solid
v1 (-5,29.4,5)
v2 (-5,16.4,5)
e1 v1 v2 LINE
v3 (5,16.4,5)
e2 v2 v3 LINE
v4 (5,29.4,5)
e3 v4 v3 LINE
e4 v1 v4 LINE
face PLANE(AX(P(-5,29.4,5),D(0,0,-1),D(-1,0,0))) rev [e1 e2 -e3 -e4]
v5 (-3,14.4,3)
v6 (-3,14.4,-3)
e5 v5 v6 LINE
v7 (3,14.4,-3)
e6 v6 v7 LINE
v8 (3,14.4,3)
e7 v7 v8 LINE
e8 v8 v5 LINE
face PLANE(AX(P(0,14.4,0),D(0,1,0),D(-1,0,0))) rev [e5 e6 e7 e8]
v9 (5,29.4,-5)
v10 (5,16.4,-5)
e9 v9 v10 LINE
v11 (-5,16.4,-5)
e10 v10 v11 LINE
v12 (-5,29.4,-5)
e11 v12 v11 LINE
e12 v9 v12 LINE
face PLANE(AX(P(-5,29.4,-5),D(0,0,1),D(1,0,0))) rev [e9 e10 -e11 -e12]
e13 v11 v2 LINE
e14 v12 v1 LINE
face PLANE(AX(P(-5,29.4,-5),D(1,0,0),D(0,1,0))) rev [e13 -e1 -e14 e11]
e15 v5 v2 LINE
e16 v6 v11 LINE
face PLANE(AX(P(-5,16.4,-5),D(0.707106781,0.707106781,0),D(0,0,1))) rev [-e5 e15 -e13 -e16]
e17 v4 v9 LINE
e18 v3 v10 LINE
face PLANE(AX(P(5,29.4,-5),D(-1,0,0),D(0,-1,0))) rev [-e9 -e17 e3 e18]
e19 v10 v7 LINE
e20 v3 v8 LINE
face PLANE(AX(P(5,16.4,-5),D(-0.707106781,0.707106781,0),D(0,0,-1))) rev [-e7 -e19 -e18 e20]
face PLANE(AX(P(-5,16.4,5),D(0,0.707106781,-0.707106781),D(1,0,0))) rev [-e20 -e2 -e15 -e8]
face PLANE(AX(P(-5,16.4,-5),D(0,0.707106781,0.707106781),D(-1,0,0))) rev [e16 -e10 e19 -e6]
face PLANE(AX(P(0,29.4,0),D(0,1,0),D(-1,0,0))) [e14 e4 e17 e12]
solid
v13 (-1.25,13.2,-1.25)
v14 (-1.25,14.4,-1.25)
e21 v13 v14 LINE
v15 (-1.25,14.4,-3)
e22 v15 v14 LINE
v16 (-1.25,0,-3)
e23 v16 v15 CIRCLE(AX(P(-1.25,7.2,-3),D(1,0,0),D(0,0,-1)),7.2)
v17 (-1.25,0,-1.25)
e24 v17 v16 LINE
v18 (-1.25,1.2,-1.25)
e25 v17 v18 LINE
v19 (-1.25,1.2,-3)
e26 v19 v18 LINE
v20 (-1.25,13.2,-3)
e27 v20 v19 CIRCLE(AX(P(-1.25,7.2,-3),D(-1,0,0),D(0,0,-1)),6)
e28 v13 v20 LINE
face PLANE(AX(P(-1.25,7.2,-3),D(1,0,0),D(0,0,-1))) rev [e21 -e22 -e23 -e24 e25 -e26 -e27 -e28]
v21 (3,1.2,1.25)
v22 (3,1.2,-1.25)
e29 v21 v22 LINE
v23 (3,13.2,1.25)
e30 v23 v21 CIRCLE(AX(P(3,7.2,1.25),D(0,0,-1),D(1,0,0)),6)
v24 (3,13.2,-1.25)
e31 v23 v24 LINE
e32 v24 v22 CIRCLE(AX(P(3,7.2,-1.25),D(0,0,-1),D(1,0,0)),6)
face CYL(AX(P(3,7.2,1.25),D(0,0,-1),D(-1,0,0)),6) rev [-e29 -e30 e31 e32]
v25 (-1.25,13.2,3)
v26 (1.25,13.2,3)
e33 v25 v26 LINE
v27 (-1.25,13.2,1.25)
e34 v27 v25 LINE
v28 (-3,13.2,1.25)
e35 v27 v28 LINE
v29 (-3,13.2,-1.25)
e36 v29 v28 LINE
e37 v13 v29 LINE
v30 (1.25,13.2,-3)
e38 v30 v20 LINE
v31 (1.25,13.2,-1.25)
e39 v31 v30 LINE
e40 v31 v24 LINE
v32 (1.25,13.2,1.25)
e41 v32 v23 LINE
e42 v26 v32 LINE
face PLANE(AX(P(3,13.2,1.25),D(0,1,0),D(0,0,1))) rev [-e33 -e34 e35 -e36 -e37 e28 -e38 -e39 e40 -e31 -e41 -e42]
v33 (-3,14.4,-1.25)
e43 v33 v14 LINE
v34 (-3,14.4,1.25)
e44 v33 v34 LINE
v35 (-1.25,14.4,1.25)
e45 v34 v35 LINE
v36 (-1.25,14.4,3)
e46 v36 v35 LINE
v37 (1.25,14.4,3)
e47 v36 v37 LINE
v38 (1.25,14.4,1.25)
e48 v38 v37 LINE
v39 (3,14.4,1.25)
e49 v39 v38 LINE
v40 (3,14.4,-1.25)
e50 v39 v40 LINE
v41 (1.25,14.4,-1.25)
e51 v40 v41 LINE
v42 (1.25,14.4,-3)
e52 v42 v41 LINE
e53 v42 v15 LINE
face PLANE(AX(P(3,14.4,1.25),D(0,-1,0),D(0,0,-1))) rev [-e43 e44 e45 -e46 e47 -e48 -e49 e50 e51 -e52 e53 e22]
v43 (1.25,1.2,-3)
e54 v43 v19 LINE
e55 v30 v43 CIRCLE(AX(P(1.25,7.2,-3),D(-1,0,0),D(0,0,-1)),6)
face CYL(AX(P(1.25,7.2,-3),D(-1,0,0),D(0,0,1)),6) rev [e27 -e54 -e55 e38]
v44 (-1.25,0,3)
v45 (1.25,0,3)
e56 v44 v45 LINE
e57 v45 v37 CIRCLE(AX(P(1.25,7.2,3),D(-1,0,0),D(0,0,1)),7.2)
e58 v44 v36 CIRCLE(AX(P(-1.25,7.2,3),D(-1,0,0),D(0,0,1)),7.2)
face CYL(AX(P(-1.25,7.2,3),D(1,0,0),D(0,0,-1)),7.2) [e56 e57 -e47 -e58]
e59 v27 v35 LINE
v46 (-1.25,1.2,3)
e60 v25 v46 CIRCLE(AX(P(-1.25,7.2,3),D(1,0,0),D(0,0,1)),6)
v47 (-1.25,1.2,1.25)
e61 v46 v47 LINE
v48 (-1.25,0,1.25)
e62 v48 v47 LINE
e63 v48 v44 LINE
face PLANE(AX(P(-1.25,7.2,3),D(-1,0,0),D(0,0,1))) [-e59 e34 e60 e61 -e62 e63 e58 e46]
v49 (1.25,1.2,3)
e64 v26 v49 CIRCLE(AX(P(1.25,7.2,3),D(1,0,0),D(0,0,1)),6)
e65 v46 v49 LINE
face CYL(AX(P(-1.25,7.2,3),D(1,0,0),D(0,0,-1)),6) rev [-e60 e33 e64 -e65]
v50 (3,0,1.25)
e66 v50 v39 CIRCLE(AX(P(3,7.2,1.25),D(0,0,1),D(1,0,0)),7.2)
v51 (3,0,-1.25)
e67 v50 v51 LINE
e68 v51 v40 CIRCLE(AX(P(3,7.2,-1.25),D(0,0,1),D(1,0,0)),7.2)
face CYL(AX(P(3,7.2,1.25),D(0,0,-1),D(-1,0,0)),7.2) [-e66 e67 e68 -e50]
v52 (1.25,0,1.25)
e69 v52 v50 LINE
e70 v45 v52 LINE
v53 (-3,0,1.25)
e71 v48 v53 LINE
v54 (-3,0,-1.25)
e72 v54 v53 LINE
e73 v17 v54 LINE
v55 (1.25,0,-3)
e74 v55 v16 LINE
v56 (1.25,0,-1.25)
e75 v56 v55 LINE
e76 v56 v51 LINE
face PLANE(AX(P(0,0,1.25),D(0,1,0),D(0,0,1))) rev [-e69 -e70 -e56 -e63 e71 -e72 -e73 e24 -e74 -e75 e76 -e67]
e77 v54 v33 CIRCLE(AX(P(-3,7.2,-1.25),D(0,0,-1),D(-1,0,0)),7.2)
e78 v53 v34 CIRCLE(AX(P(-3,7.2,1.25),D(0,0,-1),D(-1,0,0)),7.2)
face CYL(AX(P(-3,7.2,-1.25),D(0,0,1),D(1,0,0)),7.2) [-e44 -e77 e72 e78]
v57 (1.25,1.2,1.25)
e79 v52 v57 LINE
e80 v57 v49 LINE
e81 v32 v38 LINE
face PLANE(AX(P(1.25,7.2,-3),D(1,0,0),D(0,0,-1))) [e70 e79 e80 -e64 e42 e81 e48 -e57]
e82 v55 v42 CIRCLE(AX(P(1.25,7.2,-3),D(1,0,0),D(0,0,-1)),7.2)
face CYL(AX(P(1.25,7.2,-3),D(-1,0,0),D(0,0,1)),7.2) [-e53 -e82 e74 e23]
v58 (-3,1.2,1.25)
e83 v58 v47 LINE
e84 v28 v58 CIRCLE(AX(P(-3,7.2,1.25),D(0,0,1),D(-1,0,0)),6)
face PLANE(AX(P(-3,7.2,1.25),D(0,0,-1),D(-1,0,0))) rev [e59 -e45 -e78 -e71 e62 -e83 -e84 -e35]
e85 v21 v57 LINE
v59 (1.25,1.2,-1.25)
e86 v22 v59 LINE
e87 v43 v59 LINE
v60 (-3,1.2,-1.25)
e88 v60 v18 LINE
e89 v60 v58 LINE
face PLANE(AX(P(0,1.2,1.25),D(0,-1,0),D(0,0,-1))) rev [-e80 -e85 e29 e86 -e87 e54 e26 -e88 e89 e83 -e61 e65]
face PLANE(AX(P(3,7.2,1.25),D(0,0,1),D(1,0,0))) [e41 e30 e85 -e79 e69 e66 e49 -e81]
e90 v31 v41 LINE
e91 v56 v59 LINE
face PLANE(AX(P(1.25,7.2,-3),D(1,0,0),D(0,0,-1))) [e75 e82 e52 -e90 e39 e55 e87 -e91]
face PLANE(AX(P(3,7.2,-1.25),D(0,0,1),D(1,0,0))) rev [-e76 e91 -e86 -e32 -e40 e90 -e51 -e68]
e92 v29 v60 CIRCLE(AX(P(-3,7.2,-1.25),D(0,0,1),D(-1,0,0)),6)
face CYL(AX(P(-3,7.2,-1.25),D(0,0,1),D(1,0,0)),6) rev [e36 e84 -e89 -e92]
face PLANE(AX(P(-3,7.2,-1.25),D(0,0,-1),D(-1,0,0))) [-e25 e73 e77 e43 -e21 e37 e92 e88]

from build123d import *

# Parameters (mm, degrees)
BOSS_EXTRUDE1_DEPTH = 1.25
CIRPATTERN1_COUNT   = 4
SKETCH2_W           = 10
SKETCH2_H           = 10
BOSS_EXTRUDE2_DEPTH = 15
CHAMFER1_SIZE       = 2


with BuildPart() as part:
    # Sketch1 → Boss-Extrude1 (new, symmetric)
    with BuildSketch(Plane.XY):
        with BuildLine():
            Line((0, 0), (3, 0))
            ThreePointArc((3, 0), (10.2, 7.2), (3, 14.4))
            Line((3, 14.4), (0, 14.4))
            Line((0, 14.4), (0, 13.2))
            Line((0, 13.2), (3, 13.2))
            ThreePointArc((3, 13.2), (9, 7.2), (3, 1.2))
            Line((3, 1.2), (0, 1.2))
            Line((0, 1.2), (0, 0))
        make_face()
    boss_extrude1 = extrude(amount=BOSS_EXTRUDE1_DEPTH, both=True)

    # CirPattern1: Boss-Extrude1 ×4 about axis
    cirpattern1_axis = Axis((0, 0, 0), (0, 1, 0))
    for i in range(1, CIRPATTERN1_COUNT):
        add(boss_extrude1.rotate(cirpattern1_axis, i * 360 / CIRPATTERN1_COUNT))


with BuildPart() as body_2:
    # Sketch2 → Boss-Extrude2 (new body)
    with BuildSketch(Plane(origin=(0, 14.4, 0), x_dir=(1, 0, 0), z_dir=(0, 1, 0))):
        Rectangle(SKETCH2_W, SKETCH2_H)
    extrude(amount=BOSS_EXTRUDE2_DEPTH)

    # Chamfer1
    chamfer1_edges = [body_2.edges().sort_by_distance(p)[0] for p in [
        (0, 14.4, 5),
        (-5, 14.4, 0),
        (0, 14.4, -5),
        (5, 14.4, 0),
    ]]
    chamfer(chamfer1_edges, length=CHAMFER1_SIZE)


solid = Compound([part.part, body_2.part])
